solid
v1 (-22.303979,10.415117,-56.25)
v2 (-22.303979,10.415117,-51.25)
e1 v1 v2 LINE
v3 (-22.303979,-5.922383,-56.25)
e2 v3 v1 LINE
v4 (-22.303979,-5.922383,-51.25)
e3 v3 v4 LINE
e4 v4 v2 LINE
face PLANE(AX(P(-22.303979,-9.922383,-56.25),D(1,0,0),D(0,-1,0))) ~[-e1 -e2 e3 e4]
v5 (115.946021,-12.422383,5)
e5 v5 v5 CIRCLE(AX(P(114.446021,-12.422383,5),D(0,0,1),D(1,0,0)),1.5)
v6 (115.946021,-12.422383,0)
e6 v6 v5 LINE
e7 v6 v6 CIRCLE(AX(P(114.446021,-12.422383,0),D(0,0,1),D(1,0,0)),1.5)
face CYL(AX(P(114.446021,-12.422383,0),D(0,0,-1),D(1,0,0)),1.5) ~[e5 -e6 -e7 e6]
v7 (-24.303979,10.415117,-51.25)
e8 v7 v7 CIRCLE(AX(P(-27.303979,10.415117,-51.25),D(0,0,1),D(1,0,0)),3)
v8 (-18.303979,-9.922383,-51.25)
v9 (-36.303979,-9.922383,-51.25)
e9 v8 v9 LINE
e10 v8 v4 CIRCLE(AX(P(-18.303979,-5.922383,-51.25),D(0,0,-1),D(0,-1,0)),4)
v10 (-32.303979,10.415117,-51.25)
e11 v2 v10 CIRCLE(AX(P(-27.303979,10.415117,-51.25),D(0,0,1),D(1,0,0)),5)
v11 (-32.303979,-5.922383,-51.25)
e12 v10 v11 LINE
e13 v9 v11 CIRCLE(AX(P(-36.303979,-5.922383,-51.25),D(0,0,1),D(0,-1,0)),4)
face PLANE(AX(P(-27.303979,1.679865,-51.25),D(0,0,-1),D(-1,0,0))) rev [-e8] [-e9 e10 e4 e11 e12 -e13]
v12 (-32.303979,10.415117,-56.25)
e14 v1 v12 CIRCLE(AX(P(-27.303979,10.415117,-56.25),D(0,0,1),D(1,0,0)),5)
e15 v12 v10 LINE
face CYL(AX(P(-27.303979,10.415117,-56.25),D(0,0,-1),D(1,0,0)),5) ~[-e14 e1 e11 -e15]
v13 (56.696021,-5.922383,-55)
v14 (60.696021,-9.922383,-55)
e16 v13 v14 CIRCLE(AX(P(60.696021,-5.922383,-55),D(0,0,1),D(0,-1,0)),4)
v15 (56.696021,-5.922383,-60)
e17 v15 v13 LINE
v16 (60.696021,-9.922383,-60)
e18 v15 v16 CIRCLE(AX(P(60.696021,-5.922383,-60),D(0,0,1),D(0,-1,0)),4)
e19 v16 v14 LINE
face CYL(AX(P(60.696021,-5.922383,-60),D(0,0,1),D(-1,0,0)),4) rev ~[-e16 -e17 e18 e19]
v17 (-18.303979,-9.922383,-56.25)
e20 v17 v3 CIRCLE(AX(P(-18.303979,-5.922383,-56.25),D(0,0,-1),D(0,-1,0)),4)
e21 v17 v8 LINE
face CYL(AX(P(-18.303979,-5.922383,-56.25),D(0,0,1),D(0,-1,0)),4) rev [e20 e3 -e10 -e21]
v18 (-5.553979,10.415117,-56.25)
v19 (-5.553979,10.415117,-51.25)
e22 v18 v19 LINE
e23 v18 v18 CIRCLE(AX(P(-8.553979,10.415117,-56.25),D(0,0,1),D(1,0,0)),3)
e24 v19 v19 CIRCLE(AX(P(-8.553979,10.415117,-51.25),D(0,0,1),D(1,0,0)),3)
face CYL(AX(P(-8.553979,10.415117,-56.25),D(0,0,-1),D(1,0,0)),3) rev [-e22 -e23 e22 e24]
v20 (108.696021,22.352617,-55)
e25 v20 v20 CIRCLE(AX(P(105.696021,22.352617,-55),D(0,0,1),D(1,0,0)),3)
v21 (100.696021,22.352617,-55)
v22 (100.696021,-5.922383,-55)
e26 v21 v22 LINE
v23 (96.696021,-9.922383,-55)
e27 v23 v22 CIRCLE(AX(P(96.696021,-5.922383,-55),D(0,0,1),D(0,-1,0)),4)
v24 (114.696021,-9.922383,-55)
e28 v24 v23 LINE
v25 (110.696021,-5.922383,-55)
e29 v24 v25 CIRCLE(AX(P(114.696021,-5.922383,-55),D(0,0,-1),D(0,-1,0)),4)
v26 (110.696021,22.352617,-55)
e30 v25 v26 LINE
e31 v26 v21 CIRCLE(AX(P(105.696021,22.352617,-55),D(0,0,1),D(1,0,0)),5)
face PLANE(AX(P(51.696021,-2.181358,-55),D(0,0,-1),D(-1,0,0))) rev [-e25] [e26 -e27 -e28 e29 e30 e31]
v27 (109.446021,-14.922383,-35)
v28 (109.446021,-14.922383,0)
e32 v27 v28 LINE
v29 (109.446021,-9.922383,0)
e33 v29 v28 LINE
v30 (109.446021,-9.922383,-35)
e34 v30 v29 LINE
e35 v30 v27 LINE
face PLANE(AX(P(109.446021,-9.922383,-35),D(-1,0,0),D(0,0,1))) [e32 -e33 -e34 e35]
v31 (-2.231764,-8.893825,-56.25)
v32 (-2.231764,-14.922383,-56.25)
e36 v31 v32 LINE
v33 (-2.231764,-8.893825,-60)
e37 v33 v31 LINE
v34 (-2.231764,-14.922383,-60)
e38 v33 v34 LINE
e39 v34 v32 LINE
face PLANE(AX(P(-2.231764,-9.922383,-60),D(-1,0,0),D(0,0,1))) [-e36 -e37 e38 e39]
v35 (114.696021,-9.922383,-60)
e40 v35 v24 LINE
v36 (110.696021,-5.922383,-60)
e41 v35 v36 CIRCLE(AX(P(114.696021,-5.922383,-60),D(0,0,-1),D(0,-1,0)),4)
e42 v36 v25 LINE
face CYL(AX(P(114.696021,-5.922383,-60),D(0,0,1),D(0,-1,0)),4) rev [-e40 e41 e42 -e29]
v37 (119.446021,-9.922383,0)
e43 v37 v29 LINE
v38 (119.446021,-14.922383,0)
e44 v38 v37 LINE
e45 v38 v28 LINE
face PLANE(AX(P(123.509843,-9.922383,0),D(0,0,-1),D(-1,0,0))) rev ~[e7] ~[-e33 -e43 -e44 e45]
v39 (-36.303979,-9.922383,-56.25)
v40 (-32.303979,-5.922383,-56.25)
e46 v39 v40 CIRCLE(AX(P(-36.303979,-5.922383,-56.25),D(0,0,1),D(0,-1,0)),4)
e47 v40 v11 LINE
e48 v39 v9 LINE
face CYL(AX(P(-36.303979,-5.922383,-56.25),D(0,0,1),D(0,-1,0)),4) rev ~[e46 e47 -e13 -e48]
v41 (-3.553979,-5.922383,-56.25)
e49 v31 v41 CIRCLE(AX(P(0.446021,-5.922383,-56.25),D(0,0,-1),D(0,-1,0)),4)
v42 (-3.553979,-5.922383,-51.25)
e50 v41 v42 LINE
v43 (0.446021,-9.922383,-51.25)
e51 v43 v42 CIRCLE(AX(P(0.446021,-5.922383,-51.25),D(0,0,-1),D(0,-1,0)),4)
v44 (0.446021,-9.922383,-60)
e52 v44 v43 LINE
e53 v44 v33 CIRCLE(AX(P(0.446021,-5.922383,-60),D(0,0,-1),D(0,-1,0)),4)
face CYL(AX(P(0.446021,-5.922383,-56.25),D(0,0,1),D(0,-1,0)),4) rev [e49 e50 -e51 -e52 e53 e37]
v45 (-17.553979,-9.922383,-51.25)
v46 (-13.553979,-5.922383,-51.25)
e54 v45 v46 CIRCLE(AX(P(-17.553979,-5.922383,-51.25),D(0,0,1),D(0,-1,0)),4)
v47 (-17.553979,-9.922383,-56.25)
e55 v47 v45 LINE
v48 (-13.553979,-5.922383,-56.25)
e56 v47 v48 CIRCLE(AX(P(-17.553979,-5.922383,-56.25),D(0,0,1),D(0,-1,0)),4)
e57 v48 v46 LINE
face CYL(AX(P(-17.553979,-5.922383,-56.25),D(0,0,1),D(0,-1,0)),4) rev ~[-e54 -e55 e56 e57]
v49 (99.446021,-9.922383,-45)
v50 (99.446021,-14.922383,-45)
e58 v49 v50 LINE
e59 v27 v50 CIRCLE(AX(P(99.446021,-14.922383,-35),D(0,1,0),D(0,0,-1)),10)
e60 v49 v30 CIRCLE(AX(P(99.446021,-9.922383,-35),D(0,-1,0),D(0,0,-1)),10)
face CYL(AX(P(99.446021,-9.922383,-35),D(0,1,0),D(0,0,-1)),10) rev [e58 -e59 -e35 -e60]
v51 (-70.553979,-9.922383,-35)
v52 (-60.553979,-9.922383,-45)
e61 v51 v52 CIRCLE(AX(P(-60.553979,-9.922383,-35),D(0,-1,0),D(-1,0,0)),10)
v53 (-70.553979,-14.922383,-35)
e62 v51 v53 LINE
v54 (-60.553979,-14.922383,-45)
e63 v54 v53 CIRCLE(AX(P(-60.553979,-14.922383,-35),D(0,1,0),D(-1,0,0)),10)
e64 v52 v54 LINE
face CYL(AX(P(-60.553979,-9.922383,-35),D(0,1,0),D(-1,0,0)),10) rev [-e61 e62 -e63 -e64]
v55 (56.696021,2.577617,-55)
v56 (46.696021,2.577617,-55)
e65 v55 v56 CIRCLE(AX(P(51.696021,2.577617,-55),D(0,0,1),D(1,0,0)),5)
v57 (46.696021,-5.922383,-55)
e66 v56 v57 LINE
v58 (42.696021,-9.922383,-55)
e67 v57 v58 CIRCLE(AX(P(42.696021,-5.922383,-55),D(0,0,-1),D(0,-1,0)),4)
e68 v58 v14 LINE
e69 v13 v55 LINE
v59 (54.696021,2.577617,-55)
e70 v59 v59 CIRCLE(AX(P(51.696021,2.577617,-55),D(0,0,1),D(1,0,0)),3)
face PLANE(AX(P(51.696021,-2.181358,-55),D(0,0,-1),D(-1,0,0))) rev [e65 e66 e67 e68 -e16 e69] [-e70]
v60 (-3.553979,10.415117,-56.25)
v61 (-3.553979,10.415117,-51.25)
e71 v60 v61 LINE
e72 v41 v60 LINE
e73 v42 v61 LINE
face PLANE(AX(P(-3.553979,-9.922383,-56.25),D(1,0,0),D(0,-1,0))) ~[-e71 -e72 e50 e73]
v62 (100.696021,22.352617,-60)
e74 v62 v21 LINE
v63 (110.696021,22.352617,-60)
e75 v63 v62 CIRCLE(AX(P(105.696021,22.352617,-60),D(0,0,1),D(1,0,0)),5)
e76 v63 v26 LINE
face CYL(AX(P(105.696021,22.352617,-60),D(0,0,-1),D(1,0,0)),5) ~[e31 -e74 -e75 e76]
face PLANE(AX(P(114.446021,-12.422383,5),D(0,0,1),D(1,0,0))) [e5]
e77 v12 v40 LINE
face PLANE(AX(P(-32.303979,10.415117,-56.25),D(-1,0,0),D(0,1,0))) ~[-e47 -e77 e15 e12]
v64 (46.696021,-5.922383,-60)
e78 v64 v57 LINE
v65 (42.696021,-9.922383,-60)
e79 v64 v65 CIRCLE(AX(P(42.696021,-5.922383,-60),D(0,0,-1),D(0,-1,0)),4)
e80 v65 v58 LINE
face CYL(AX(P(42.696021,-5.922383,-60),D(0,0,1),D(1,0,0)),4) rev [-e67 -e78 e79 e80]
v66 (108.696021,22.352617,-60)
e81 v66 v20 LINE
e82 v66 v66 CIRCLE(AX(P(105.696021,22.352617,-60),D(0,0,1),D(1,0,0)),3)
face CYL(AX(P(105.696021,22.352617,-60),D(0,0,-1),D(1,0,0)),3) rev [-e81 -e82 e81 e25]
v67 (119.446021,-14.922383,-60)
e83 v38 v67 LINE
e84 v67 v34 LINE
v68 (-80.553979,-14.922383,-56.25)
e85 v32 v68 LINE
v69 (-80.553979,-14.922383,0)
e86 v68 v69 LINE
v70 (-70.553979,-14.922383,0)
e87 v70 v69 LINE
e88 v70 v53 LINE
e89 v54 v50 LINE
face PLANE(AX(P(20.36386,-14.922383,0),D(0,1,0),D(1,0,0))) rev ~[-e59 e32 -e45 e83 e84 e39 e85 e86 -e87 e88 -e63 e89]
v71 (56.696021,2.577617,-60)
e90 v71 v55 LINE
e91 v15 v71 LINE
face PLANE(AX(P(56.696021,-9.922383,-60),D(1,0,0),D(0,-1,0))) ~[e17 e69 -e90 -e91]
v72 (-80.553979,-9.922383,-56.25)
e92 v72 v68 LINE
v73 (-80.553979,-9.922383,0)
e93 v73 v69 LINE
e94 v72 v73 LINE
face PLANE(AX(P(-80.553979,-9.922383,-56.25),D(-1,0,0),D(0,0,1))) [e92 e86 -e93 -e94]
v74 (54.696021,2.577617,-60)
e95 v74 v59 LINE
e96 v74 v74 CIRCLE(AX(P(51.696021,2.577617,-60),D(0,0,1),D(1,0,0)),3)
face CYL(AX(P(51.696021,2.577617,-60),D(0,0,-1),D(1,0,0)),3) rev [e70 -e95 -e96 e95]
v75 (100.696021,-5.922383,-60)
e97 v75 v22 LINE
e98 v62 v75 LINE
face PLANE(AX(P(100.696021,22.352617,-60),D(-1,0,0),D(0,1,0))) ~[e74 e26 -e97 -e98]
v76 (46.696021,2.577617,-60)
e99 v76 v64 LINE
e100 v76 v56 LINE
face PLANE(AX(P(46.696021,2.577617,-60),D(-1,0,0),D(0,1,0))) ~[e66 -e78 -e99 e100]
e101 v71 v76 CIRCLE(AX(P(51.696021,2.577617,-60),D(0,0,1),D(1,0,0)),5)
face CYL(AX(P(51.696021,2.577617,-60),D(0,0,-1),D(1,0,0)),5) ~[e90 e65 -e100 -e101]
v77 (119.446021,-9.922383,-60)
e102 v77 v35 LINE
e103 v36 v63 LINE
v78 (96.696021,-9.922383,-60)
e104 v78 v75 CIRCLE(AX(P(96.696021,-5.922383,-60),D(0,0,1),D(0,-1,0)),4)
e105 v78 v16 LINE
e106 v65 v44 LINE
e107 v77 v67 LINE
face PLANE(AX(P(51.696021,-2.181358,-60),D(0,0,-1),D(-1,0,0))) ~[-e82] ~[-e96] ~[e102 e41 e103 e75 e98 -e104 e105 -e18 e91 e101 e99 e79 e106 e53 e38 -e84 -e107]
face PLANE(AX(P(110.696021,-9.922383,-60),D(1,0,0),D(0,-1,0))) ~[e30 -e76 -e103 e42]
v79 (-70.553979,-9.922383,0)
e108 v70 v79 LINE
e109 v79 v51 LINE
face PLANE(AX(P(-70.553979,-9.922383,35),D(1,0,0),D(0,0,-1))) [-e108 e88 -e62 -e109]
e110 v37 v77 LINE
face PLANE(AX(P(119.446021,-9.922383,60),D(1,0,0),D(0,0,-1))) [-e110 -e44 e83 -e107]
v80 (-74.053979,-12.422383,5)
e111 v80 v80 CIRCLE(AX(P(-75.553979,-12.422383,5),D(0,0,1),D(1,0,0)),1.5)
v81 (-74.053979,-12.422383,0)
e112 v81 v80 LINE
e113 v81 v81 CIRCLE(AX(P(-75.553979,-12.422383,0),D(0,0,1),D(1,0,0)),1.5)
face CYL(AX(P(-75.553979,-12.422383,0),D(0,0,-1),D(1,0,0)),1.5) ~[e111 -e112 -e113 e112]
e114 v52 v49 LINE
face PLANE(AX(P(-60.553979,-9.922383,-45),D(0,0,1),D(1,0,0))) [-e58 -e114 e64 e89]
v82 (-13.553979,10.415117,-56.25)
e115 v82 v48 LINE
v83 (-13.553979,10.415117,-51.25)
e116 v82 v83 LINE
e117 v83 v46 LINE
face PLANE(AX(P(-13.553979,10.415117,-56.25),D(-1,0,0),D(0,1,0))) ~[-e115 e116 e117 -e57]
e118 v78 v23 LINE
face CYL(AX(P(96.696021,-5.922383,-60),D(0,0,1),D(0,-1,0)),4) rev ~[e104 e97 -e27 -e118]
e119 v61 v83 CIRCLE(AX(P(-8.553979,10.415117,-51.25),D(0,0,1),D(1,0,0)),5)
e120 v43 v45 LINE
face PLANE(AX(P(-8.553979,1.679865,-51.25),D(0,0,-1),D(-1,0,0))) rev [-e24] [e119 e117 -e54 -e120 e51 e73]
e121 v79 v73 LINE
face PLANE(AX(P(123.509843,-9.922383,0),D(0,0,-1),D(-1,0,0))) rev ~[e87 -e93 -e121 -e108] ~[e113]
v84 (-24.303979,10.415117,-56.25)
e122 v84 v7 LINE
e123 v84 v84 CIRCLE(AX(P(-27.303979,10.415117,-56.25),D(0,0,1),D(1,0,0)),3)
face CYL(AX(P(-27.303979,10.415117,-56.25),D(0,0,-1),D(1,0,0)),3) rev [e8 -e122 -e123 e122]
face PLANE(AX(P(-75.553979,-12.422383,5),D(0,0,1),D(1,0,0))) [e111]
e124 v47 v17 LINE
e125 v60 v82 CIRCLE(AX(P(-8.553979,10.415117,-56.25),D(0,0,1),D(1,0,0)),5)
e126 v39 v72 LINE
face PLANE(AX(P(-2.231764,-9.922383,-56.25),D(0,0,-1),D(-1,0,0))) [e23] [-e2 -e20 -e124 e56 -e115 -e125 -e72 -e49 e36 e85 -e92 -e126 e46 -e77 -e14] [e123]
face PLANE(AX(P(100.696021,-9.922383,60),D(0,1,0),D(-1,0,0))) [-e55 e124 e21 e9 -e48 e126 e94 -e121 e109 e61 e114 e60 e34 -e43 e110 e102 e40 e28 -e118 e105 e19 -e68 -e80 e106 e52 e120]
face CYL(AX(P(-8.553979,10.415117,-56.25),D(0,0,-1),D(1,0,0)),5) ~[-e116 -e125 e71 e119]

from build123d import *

# Parameters (mm, degrees)
BOSS_EXTRUDE1_DEPTH     = 40
SKETCH2_R               = 24
BOSS_EXTRUDE2_DEPTH     = 40
SKETCH3_R               = 24
BOSS_EXTRUDE3_DEPTH     = 40
SCALE1_SCALE            = 0.125
FILLET3_R               = 4
FILLET4_R               = 4
CUT_EXTRUDE1_DEPTH      = 38.275
CUT_EXTRUDE1_DEPTH_BACK = 6
CUT_EXTRUDE2_DEPTH      = 38.275
CUT_EXTRUDE2_DEPTH_BACK = 6
SKETCH6_R               = 1.5
BOSS_EXTRUDE4_DEPTH     = 5


with BuildPart() as part:
    # Sketch1 → Boss-Extrude1 (new body)
    with BuildSketch(Plane(origin=(0, 0, 0), x_dir=(1, 0, 0), z_dir=(0, 1, 0))):
        Polygon((-173.422280891, 480), (-173.422280891, 450), (-800, 450), (-800, -450), (-173.422280891, -450), (-173.422280891, -480), (800, -480), (800, 480), align=None)
    extrude(amount=-BOSS_EXTRUDE1_DEPTH)

    # Sketch2 → Boss-Extrude2 (add)
    with BuildSketch(Plane.XY.offset(480)):
        with BuildLine():
            Line((218, 0), (298, 0))
            Line((298, 0), (298, 100))
            ThreePointArc((298, 100), (258, 140), (218, 100))
            Line((218, 100), (218, 0))
        make_face()
        with Locations((258, 100)):
            Circle(SKETCH2_R, mode=Mode.SUBTRACT)
        with BuildLine():
            Line((650, 258.2), (650, 0))
            Line((650, 0), (730, 0))
            Line((730, 0), (730, 258.2))
            ThreePointArc((730, 258.2), (690, 298.2), (650, 258.2))
        make_face()
        with Locations((690, 258.2)):
            Circle(SKETCH2_R, mode=Mode.SUBTRACT)
        Polygon((650, 0), (298, 0), (218, 0), (-173.422280891, 0), (-173.422280891, -40), (800, -40), (800, 0), (730, 0), align=None)
    extrude(amount=-BOSS_EXTRUDE2_DEPTH)

    # Mirror1: part across plane


with BuildPart() as part_1:
    add(part.part)
    add(part.part.mirror(Plane.XY))

    # Sketch3 → Boss-Extrude3 (add)
    with BuildSketch(Plane.XY.offset(450)):
        with BuildLine():
            Line((-414, 0), (-334, 0))
            Line((-334, 0), (-334, 162.7))
            ThreePointArc((-334, 162.7), (-374, 202.7), (-414, 162.7))
            Line((-414, 162.7), (-414, 0))
        make_face()
        with Locations((-374, 162.7)):
            Circle(SKETCH3_R, mode=Mode.SUBTRACT)
        with BuildLine():
            Line((-264, 0), (-184, 0))
            Line((-184, 0), (-184, 162.7))
            ThreePointArc((-184, 162.7), (-224, 202.7), (-264, 162.7))
            Line((-264, 162.7), (-264, 0))
        make_face()
        with Locations((-224, 162.7)):
            Circle(SKETCH3_R, mode=Mode.SUBTRACT)
    boss_extrude3 = extrude(amount=-BOSS_EXTRUDE3_DEPTH)

    # Mirror2: Boss-Extrude3 across plane
    add(boss_extrude3.mirror(Plane.XY))


with BuildPart() as part_2:
    # Scale1: scaled about (22.22402446, -11.339866564, 0)
    add(part_1.part.scale(SCALE1_SCALE).moved(Location((19.446021402, -9.922383243, 0))))

    # Fillet3
    fillet3_edges = [part_2.edges().sort_by_distance(p)[0] for p in [
        (-32.303978598, -9.922383243, 53.75),
        (-13.553978598, -9.922383243, 53.75),
        (-32.303978598, -9.922383243, -53.75),
        (-13.553978598, -9.922383243, -53.75),
        (46.696021403, -9.922383243, 57.5),
        (100.696021403, -9.922383243, 57.5),
        (100.696021403, -9.922383243, -57.5),
        (46.696021403, -9.922383243, -57.5),
    ]]
    fillet(fillet3_edges, radius=FILLET3_R)

    # Fillet4
    fillet4_edges = [part_2.edges().sort_by_distance(p)[0] for p in [
        (-3.553978598, -9.922383243, -53.75),
        (-22.303978598, -9.922383243, -53.75),
        (56.696021403, -9.922383243, -57.5),
        (110.696021402, -9.922383243, -57.5),
        (110.696021402, -9.922383243, 57.5),
        (56.696021403, -9.922383243, 57.5),
        (-3.553978598, -9.922383243, 53.75),
        (-22.303978598, -9.922383243, 53.75),
    ]]
    fillet(fillet4_edges, radius=FILLET4_R)

    # Sketch4 → Cut-Extrude1 (cut, two sides)
    with BuildSketch(Plane(origin=(0, -9.922383244, 0), x_dir=(1, 0, 0), z_dir=(0, 1, 0))) as cut_extrude1_sk:
        with BuildLine():
            Line((-60.553978598, 45), (99.446021402, 45))
            ThreePointArc((99.446021402, 45), (106.517089214, 42.071067812), (109.446021402, 35))
            Line((109.446021402, 35), (109.446021402, -35))
            ThreePointArc((109.446021402, -35), (106.517089214, -42.071067812), (99.446021402, -45))
            Line((99.446021402, -45), (-60.553978598, -45))
            ThreePointArc((-60.553978598, -45), (-67.62504641, -42.071067812), (-70.553978598, -35))
            Line((-70.553978598, -35), (-70.553978598, 35))
            ThreePointArc((-70.553978598, 35), (-67.62504641, 42.071067812), (-60.553978598, 45))
        make_face()
    extrude(amount=CUT_EXTRUDE1_DEPTH, mode=Mode.SUBTRACT)
    extrude(cut_extrude1_sk.sketch, amount=-CUT_EXTRUDE1_DEPTH_BACK, mode=Mode.SUBTRACT)

    # Sketch5 → Cut-Extrude2 (cut, two sides)
    with BuildSketch(Plane(origin=(0, -9.922383244, 0), x_dir=(1, 0, 0), z_dir=(0, 1, 0))) as cut_extrude2_sk:
        Polygon((0, 0), (123.509842575, 0), (123.509842575, -66.212941814), (-94.641009198, -66.212941814), (-94.641009198, 0), align=None)
    extrude(amount=CUT_EXTRUDE2_DEPTH, mode=Mode.SUBTRACT)
    extrude(cut_extrude2_sk.sketch, amount=-CUT_EXTRUDE2_DEPTH_BACK, mode=Mode.SUBTRACT)

    # Sketch6 → Boss-Extrude4 (add)
    with BuildSketch(Plane.XY):
        with Locations((-75.553978598, -12.422383244)):
            Circle(SKETCH6_R)
        with Locations((114.446021402, -12.422383244)):
            Circle(SKETCH6_R)
    extrude(amount=BOSS_EXTRUDE4_DEPTH)


solid = part_2.part
